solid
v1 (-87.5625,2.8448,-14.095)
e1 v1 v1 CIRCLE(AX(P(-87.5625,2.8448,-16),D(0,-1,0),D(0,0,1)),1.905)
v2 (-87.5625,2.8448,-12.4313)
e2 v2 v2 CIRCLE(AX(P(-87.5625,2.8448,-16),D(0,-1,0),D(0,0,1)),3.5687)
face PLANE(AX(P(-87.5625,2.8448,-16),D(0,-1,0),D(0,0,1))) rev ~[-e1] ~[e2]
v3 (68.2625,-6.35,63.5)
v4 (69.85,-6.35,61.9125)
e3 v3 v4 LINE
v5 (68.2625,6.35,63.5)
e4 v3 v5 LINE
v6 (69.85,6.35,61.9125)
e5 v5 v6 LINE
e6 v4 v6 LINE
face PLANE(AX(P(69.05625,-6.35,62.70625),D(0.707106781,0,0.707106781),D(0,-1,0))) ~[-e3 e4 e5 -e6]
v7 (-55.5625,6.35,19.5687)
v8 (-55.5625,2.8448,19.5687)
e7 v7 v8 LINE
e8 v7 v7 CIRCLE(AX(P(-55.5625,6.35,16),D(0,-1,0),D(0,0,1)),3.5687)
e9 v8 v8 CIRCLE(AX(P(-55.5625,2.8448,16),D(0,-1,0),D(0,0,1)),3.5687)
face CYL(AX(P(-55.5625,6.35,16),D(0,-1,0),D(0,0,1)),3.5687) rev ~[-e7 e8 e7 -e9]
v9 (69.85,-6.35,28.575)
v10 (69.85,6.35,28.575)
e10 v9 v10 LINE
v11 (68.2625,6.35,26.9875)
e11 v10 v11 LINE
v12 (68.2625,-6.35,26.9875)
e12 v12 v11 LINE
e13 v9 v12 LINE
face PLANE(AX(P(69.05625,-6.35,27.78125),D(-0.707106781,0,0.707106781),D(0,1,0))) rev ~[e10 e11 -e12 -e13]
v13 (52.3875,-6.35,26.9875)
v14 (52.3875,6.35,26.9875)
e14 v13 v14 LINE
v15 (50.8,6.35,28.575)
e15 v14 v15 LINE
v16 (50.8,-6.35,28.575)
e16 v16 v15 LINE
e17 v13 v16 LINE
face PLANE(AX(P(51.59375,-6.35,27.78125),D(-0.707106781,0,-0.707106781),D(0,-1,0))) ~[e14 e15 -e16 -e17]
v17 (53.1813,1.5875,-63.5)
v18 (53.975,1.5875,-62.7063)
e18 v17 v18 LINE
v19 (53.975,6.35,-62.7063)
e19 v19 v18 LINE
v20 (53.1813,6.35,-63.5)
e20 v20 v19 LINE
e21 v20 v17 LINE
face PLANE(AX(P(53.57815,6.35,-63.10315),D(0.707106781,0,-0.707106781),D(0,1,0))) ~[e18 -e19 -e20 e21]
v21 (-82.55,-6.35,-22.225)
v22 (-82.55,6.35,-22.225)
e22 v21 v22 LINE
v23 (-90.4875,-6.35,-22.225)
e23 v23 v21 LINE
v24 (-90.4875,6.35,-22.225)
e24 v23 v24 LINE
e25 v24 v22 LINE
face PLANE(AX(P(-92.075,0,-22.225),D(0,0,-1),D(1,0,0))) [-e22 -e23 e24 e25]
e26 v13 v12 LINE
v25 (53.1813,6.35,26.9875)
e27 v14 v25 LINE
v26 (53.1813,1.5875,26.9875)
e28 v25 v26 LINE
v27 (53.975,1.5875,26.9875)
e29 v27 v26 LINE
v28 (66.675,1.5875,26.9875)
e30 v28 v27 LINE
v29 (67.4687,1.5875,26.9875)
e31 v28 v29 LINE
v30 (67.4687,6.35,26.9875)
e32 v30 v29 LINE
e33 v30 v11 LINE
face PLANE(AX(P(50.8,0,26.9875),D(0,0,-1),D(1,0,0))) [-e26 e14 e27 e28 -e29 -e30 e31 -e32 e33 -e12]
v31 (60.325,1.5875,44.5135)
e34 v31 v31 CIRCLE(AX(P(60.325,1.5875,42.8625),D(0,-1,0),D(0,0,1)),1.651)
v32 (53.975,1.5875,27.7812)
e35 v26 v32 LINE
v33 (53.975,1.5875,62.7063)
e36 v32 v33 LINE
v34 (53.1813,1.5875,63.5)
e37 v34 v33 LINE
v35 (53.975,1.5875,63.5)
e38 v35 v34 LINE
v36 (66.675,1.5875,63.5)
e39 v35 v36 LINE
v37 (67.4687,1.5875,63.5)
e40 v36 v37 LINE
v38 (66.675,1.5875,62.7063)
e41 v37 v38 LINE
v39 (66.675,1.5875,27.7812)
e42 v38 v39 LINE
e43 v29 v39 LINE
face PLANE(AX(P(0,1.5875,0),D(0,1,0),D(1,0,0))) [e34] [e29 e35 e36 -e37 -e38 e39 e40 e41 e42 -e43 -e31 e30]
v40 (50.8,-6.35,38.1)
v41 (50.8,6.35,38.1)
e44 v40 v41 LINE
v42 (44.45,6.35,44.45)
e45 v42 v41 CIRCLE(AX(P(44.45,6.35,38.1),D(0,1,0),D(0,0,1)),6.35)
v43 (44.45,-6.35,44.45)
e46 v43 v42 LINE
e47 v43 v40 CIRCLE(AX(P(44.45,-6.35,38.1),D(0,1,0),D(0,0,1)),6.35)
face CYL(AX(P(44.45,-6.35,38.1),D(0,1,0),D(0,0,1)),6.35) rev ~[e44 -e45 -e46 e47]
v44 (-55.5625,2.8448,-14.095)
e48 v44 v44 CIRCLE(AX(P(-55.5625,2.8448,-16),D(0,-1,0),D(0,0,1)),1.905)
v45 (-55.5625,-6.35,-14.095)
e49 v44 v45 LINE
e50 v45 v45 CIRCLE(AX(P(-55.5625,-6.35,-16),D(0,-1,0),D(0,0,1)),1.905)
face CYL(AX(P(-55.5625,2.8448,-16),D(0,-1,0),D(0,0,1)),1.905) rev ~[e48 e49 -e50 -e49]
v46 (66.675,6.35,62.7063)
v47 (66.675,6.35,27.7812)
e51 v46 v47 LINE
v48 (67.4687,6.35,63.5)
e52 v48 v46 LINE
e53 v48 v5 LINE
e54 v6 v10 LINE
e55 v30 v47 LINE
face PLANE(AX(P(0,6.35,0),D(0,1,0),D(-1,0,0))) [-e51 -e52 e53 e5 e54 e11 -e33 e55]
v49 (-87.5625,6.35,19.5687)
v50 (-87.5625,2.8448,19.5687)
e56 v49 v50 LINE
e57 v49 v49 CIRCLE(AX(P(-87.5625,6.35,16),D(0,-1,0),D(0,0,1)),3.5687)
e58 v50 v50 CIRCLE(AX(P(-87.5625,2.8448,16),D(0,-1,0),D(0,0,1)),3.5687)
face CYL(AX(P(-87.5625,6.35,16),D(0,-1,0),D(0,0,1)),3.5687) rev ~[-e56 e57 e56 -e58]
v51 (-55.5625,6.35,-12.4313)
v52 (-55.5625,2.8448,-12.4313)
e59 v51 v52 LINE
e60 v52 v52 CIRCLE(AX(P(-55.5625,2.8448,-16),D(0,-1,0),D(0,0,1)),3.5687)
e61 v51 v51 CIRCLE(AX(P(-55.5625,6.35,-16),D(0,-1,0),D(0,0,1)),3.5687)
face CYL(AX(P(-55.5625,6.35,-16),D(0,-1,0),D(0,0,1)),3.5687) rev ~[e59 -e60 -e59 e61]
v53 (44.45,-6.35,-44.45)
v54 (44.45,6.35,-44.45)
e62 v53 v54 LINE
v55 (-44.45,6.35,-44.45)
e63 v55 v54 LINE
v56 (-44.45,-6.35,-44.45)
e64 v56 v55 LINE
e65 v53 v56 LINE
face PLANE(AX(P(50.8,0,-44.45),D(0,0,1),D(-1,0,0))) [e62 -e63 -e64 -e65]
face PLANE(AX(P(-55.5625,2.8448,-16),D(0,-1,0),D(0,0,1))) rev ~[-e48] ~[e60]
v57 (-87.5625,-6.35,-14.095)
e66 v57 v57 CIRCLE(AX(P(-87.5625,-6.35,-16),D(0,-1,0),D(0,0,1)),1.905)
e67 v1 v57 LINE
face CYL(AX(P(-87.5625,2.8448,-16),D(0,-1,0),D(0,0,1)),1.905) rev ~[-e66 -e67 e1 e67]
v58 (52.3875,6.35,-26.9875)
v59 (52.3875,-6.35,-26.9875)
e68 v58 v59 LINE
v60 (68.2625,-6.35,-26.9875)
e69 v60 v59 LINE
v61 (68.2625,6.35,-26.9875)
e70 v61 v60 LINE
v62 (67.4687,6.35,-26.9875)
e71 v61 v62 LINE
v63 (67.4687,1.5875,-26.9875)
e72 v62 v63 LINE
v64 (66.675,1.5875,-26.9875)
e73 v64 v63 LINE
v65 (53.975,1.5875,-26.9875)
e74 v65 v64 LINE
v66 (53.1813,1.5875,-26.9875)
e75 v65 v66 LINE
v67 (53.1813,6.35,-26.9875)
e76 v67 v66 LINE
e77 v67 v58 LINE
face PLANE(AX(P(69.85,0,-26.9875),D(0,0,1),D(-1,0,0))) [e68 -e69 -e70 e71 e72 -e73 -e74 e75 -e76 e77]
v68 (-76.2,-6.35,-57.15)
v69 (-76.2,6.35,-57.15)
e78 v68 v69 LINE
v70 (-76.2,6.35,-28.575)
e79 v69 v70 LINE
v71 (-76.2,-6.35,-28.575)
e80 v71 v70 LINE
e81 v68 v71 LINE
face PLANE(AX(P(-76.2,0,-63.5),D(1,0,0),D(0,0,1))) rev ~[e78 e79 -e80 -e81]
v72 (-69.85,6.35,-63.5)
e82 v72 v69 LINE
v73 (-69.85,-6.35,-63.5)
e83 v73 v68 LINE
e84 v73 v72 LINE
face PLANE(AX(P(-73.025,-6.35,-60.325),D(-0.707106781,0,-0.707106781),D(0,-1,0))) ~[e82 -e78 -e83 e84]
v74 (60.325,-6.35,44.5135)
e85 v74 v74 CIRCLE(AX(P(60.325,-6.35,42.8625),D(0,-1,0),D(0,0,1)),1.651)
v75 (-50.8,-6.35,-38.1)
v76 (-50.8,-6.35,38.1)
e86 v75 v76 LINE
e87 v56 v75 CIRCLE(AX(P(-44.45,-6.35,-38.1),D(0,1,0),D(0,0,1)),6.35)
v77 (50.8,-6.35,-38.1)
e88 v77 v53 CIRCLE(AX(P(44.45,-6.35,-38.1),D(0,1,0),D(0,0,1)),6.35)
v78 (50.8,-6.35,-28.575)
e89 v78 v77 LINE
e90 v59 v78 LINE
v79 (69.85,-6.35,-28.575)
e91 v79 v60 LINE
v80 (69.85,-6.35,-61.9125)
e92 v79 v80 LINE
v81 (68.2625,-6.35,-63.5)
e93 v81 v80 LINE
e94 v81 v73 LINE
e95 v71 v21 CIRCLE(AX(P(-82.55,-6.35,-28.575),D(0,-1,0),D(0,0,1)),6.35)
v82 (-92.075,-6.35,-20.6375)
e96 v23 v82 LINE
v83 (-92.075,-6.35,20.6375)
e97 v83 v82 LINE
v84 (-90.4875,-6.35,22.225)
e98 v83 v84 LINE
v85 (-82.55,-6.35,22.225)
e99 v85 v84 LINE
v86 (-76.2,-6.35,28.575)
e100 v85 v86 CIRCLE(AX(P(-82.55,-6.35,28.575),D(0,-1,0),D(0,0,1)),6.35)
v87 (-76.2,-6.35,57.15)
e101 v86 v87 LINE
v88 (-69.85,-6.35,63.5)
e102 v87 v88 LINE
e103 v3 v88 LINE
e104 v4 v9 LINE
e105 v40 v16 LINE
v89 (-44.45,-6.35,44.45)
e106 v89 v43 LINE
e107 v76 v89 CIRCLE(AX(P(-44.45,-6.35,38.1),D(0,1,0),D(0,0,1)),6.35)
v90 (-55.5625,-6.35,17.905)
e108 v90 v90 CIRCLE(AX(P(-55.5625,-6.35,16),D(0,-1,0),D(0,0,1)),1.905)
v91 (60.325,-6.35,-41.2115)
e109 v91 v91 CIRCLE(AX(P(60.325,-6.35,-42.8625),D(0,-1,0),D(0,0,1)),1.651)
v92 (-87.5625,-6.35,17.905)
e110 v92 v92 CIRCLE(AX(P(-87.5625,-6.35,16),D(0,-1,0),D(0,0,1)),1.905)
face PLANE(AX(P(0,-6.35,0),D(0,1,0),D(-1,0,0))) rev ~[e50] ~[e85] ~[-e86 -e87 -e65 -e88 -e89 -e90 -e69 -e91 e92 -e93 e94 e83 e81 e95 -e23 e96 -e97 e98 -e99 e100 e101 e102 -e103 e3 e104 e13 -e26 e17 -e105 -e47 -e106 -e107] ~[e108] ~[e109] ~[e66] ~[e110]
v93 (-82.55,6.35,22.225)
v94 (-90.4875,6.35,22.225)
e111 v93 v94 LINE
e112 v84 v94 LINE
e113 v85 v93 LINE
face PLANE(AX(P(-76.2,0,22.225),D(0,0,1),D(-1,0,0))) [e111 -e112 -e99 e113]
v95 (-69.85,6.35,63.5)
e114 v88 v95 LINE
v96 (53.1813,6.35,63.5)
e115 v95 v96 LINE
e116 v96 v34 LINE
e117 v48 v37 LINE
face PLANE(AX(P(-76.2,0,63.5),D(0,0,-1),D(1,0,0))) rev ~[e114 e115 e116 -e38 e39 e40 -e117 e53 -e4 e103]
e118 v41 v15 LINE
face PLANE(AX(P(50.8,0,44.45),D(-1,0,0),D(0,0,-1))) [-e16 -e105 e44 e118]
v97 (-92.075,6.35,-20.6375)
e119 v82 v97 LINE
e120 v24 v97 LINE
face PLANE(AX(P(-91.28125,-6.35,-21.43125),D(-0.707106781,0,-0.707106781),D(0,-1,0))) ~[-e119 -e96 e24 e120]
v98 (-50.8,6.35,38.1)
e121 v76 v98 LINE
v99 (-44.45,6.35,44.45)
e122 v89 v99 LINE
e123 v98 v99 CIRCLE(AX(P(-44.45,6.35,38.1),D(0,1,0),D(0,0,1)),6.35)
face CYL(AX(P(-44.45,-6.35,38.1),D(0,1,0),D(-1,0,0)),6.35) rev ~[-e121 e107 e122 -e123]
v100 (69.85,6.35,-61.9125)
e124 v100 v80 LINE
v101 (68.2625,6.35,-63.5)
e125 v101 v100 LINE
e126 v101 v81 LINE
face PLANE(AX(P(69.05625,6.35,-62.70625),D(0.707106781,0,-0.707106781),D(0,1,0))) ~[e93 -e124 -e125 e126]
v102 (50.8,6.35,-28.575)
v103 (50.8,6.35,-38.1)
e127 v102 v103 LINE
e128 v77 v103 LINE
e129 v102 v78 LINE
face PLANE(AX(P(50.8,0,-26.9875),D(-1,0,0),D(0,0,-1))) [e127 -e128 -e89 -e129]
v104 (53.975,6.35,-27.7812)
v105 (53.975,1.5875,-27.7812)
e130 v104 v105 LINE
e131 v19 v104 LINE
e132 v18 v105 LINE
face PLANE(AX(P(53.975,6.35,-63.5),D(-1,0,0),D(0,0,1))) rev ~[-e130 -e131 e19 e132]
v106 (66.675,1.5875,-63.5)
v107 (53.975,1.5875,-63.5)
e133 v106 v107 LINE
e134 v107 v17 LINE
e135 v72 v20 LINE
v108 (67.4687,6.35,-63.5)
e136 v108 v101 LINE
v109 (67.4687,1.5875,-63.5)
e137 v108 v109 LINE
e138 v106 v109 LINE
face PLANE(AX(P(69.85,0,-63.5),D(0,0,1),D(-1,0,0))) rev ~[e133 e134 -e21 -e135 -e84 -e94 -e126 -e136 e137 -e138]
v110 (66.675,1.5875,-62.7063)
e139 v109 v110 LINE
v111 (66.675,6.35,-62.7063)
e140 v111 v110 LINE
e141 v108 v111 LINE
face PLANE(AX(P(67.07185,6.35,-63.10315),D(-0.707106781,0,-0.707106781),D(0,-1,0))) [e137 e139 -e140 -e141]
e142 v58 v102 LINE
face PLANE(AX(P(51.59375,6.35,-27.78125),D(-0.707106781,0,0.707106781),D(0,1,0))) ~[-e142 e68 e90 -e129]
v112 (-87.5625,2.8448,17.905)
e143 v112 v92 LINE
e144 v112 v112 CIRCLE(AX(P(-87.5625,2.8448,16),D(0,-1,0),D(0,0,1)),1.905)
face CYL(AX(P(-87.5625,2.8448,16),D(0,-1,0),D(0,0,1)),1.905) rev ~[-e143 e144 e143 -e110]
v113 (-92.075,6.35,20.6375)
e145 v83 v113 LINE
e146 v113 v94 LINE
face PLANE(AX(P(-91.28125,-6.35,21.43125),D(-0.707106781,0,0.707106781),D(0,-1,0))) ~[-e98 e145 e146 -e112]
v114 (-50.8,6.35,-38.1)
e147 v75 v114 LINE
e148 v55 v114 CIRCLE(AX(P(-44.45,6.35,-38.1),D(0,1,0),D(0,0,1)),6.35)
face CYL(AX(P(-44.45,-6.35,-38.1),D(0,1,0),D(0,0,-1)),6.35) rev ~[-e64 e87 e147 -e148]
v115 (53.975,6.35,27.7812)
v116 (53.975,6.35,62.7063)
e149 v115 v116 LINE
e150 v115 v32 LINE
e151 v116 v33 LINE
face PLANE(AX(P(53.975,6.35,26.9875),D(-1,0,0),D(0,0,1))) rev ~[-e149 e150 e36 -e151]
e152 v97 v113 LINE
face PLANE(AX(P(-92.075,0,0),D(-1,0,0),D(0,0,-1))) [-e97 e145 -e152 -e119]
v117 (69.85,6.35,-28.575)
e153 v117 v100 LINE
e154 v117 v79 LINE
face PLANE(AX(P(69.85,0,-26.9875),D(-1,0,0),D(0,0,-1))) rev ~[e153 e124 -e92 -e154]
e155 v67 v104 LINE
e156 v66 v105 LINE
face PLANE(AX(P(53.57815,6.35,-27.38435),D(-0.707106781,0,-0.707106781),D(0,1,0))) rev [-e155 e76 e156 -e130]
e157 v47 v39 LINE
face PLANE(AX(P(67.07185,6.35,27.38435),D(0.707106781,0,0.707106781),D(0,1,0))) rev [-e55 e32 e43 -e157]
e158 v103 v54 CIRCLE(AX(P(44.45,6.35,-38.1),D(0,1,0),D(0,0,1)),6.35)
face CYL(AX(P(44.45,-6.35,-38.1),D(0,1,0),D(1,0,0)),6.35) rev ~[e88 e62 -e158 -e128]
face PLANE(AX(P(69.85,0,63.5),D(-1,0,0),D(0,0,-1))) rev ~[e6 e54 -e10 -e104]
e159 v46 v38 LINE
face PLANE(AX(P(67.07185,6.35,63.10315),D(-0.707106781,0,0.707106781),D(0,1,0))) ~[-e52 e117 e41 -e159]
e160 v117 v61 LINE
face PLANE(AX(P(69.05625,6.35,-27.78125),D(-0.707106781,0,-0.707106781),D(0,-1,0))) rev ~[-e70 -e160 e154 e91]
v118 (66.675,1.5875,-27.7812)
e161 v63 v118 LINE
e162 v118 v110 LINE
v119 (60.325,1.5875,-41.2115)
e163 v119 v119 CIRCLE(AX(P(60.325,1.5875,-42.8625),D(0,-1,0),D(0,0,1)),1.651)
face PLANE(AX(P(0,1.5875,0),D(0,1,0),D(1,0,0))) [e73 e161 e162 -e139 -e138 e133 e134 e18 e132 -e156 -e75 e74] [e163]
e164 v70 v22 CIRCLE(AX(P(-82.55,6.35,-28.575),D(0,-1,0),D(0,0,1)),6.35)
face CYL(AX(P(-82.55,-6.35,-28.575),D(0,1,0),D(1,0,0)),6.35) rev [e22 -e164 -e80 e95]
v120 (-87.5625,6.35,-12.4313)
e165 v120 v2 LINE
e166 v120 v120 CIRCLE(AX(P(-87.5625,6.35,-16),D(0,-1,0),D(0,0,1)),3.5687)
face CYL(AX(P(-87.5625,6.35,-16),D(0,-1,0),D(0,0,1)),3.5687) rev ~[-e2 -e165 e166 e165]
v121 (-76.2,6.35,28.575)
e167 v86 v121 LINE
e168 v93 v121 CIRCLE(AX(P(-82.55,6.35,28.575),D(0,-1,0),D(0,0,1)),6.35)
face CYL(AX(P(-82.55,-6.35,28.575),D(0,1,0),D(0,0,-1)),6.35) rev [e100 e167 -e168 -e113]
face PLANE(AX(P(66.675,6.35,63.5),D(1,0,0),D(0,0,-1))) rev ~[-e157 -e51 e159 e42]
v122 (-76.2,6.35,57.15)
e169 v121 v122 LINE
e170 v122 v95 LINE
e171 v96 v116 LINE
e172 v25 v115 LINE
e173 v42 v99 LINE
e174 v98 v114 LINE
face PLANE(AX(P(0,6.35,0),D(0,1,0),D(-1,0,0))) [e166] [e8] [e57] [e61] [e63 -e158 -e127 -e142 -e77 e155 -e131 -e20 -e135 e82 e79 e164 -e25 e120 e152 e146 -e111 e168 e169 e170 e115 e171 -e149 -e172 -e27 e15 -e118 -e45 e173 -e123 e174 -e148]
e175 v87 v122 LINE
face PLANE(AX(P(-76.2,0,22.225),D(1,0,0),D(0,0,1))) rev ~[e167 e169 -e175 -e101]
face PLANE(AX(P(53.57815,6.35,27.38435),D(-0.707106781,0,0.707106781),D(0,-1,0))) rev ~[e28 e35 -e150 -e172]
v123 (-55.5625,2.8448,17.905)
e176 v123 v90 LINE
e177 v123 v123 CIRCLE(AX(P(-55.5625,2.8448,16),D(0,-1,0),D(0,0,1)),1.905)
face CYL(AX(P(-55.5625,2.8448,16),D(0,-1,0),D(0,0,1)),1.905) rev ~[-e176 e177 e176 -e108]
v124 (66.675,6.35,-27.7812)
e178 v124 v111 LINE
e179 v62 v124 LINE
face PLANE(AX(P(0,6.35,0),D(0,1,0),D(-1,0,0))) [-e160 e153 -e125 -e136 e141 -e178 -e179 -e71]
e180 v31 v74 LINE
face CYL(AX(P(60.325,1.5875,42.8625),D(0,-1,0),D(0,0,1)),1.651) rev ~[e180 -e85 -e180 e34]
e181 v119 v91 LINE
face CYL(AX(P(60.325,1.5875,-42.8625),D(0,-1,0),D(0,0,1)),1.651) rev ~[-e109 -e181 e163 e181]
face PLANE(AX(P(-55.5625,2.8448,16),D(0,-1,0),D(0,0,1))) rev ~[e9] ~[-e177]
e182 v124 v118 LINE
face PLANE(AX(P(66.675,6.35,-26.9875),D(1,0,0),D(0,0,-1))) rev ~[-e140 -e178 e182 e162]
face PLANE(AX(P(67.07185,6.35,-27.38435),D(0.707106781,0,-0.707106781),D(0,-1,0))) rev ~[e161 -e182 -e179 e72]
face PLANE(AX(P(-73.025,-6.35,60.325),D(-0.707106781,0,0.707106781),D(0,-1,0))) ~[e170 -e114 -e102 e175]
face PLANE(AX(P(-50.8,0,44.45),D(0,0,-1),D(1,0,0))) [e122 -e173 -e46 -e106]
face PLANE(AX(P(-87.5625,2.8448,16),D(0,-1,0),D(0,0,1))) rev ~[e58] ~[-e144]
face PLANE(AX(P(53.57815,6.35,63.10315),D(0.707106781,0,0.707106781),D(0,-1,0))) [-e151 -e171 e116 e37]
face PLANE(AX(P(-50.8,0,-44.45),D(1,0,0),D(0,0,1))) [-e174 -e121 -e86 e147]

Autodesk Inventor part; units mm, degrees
ref_plane "YZ Plane" through (0, 0, 0) normal (1, 0, 0) x (0, 1, 0)
sketch "Sketch1" plane through (0, 0, 0) normal (0, 1, 0) x (-1, 0, 0)
  line L0 (0, -88.9) -> (0, 88.9) projected
  line L1 (-102.235, 0) -> (124.46, 0) projected
  line L2 (50.8, 44.45) -> (-50.8, 44.45)
  line L3 (-50.8, -44.45) -> (50.8, -44.45)
  line L4 (50.8, -44.45) -> (50.8, 44.45)
  line L5 (76.2, 63.5) -> (-69.85, 63.5)
  line L6 (-69.85, -63.5) -> (76.2, -63.5)
  line L7 (76.2, -63.5) -> (76.2, 63.5)
  line L8 (-50.8, 26.9875) -> (-69.85, 26.9875)
  line L9 (-69.85, -26.9875) -> (-50.8, -26.9875)
  line L10 (-50.8, 44.45) -> (-50.8, 26.9875)
  line L11 (-50.8, -26.9875) -> (-50.8, -44.45)
  line L12 (-69.85, 63.5) -> (-69.85, 26.9875)
  line L13 (-69.85, -26.9875) -> (-69.85, -63.5)
  line L14 (-53.975, 63.5) -> (-66.675, 63.5) construction
  line L15 (-66.675, 63.5) -> (-66.675, 26.9875) construction
  line L16 (-66.675, 26.9875) -> (-53.975, 26.9875) construction
  line L17 (-53.975, 26.9875) -> (-53.975, 63.5) construction
  line L18 (-53.975, -26.9875) -> (-66.675, -26.9875) construction
  line L19 (-66.675, -26.9875) -> (-66.675, -63.5) construction
  line L20 (-66.675, -63.5) -> (-53.975, -63.5) construction
  line L21 (-53.975, -63.5) -> (-53.975, -26.9875) construction
  line L22 (-60.325, 63.5) -> (-60.325, 26.9875) construction
  line L23 (-60.325, -26.9875) -> (-60.325, -63.5) construction
  line L24 (76.2, 22.225) -> (92.075, 22.225)
  line L25 (92.075, 22.225) -> (92.075, -22.225)
  line L26 (92.075, -22.225) -> (76.2, -22.225)
  line L27 (76.2, -22.225) -> (76.2, 22.225)
  point P0 (0, 0)
  dimension "d0" = 12.7
  dimension "d1" = 136.525
  dimension "d2" = 53.975
  dimension "d3" = 26.9875
  dimension "d4" = 101.6
  dimension "d5" = 19.05
  dimension "d6" = 3.175
  dimension "d7" = 50.8
  dimension "d8" = 88.9
  dimension "d9" = 44.45
  dimension "d10" = 19.05
  dimension "d11" = 19.05
  dimension "d24" = 25.4
  dimension "d25" = 44.45
  dimension "d26" = 22.225
  dimension "d27" = 41.275
extrude "Extrusion1" add sketch "Sketch1" along normal mid plane 12.7 contours L6 L13 L9 L11 L3 L0 | L0 L3 L4 L1 L7 L6 | L7 L1 L25 L26 | L2 L10 L8 L12 L5 L0 | L0 L5 L7 L1 L4 L2 | L7 L24 L25 L1
sketch "Sketch2" plane through (0, 6.35, 0) normal (0, 1, 0) x (1, 0, 0)
  line L0 (50.8, -44.45) -> (-50.8, -44.45) projected
  line L1 (-50.8, -44.45) -> (-50.8, 44.45) projected
  line L2 (-50.8, 44.45) -> (50.8, 44.45) projected
  line L3 (50.8, 44.45) -> (50.8, 26.9875) projected
  line L4 (50.8, 26.9875) -> (69.85, 26.9875) projected
  line L5 (69.85, 26.9875) -> (69.85, 63.5) projected
  line L6 (69.85, 63.5) -> (-76.2, 63.5) projected
  line L7 (-76.2, -22.225) -> (-76.2, -63.5) projected
  line L8 (-76.2, -63.5) -> (69.85, -63.5) projected
  line L9 (69.85, -63.5) -> (69.85, -26.9875) projected
  line L10 (69.85, -26.9875) -> (50.8, -26.9875) projected
  line L11 (50.8, -26.9875) -> (50.8, -44.45) projected
  line L12 (-76.2, -63.5) -> (69.85, -63.5) projected
  line L13 (53.975, -63.5) -> (66.675, -63.5)
  line L14 (66.675, -63.5) -> (66.675, -26.9875)
  line L15 (66.675, -26.9875) -> (53.975, -26.9875)
  line L16 (53.975, -26.9875) -> (53.975, -63.5)
  line L17 (50.8, 26.9875) -> (69.85, 26.9875) projected
  line L18 (69.85, 63.5) -> (-76.2, 63.5) projected
  line L19 (53.975, 26.9875) -> (66.675, 26.9875)
  line L20 (66.675, 26.9875) -> (66.675, 63.5)
  line L21 (66.675, 63.5) -> (53.975, 63.5)
  line L22 (53.975, 63.5) -> (53.975, 26.9875)
  line L23 (60.325, -63.5) -> (60.325, 99.2856) construction
  line L24 (102.235, 0) -> (-124.46, 0) projected
  line L25 (-76.2, 22.225) -> (-92.075, 22.225) projected
  line L26 (-92.075, 22.225) -> (-92.075, -22.225) projected
  line L27 (-92.075, -22.225) -> (-76.2, -22.225) projected
  line L28 (-76.2, 63.5) -> (-76.2, 22.225) projected
  point P0 (0, 0)
  dimension "d14" = 12.7
  dimension "d15" = 6.35
  dimension "d16" = 19.05
  dimension "d17" = 3.175
extrude "Extrusion2" cut sketch "Sketch2" against normal blind 4.7625 contours L10 L14 L8 L16 | L22 L6 L20 L4
sketch "Sketch3" plane through (0, 6.35, 0) normal (0, 1, 0) x (1, 0, 0)
  line L0 (-50.8, 12.4641) -> (-90.8, 12.4641) projected
  line L1 (102.235, 0) -> (-124.46, 0) projected
  line L2 (53.975, -63.5) -> (53.975, -26.9875) projected
  line L3 (53.975, -26.9875) -> (50.8, -26.9875) projected
  line L4 (50.8, -26.9875) -> (50.8, -44.45) projected
  line L5 (50.8, -44.45) -> (-50.8, -44.45) projected
  line L6 (-50.8, -44.45) -> (-50.8, 44.45) projected
  line L7 (-50.8, 44.45) -> (50.8, 44.45) projected
  line L8 (50.8, 44.45) -> (50.8, 26.9875) projected
  line L9 (50.8, 26.9875) -> (53.975, 26.9875) projected
  line L10 (53.975, 26.9875) -> (53.975, 63.5) projected
  line L11 (53.975, 63.5) -> (-76.2, 63.5) projected
  line L12 (-76.2, -22.225) -> (-76.2, -63.5) projected
  line L13 (-76.2, -63.5) -> (53.975, -63.5) projected
  line L14 (-76.2, 63.5) -> (-76.2, 22.225) projected
  line L15 (-76.2, 22.225) -> (-92.075, 22.225) projected
  line L16 (-92.075, 22.225) -> (-92.075, -22.225) projected
  line L17 (-92.075, -22.225) -> (-76.2, -22.225) projected
  point P0 (0, 0)
  point P1 (-87.5625, 16)
  point P2 (-55.5625, 16)
  point P3 (-55.5625, -16)
  point P4 (-87.5625, -16)
  dimension "d20" = 32
  dimension "d21" = 32
  dimension "d22" = 16
  dimension "d23" = 4.7625
hole "Hole1" at (-87.5625, 6.35, -16) at (-55.5625, 6.35, -16) at (-55.5625, 6.35, 16) at (-87.5625, 6.35, 16) direction (0, -1, 0) diameter 3.81 end through all counterbore diameter 7.1374 counterbore depth 3.5052 clearance for "Socket Head Cap Screw" size "#6" standard "Ansi Unified Screw Threads"
fillet "Fillet1" radius 6.35 6 edges at (-76.2, 0, 22.225) (-76.2, 0, -22.225) (-50.8, 0, -44.45) (-50.8, 0, 44.45) (50.8, 0, 44.45) (50.8, 0, -44.45)
chamfer "Chamfer1" distance 1.5875 angle 45 8 edges at (-92.075, 0, 22.225) (-92.075, 0, -22.225) (69.85, 0, 26.9875) (50.8, 0, 26.9875) (69.85, 0, 63.5) (69.85, 0, -26.9875) (69.85, 0, -63.5) (50.8, 0, -26.9875)
chamfer "Chamfer2" distance 6.35 angle 45 2 edges at (-76.2, 0, 63.5) (-76.2, 0, -63.5)
ref_plane "Work Plane1" through (60.325, 6.35, 63.5) normal (1, 0, 0) x (0, 0, -1)
ref_plane "Work Plane2" through (60.325, 6.35, -26.9875) normal (1, 0, 0) x (0, 0, -1)
sketch "Sketch4" plane through (0, 1.5875, 0) normal (0, 1, 0) x (1, 0, 0)
  line L0 (53.975, 63.5) -> (66.675, 63.5) projected
  line L1 (53.975, 26.9875) -> (53.975, 63.5) projected
  line L2 (66.675, 26.9875) -> (53.975, 26.9875) projected
  line L3 (66.675, 63.5) -> (66.675, 26.9875) projected
  line L4 (53.975, -26.9875) -> (66.675, -26.9875) projected
  line L5 (53.975, -63.5) -> (53.975, -26.9875) projected
  line L6 (66.675, -63.5) -> (53.975, -63.5) projected
  line L7 (66.675, -26.9875) -> (66.675, -63.5) projected
  point P0 (0, 0)
  point P1 (60.325, 42.8625)
  point P2 (60.325, -42.8625)
  dimension "d44" = 15.875
  dimension "d45" = 15.875
  dimension "d46" = 6.35
hole "Hole2" at (60.325, 1.5875, -42.8625) at (60.325, 1.5875, 42.8625) direction (0, -1, 0) diameter 3.302 end through all thread size "8-32 UNC" class "2B" standard "ANSI Unified Screw Threads"
chamfer "Chamfer3" distance 0.7937 angle 45 8 edges at (53.975, 3.9687, 63.5) (66.675, 3.9687, 63.5) (53.975, 3.9687, 26.9875) (66.675, 3.9687, 26.9875) (53.975, 3.9687, -26.9875) (66.675, 3.9687, -26.9875) (53.975, 3.9687, -63.5) (66.675, 3.9687, -63.5)
equation "\"d3\" = 0.5 * d2"
equation "\"d7\" = 0.5 * d4"
equation "\"d9\" = 0.5 * d8"
equation "\"d11\" = d10"
equation "\"d26\" = 0.5 * d25"
equation "\"d21\" = d20"
equation "\"d22\" = 0.5 * d21"
equation "\"d45\" = d44"
properties part number "Holder - headbars - L - LH" material "Stainless Steel"
